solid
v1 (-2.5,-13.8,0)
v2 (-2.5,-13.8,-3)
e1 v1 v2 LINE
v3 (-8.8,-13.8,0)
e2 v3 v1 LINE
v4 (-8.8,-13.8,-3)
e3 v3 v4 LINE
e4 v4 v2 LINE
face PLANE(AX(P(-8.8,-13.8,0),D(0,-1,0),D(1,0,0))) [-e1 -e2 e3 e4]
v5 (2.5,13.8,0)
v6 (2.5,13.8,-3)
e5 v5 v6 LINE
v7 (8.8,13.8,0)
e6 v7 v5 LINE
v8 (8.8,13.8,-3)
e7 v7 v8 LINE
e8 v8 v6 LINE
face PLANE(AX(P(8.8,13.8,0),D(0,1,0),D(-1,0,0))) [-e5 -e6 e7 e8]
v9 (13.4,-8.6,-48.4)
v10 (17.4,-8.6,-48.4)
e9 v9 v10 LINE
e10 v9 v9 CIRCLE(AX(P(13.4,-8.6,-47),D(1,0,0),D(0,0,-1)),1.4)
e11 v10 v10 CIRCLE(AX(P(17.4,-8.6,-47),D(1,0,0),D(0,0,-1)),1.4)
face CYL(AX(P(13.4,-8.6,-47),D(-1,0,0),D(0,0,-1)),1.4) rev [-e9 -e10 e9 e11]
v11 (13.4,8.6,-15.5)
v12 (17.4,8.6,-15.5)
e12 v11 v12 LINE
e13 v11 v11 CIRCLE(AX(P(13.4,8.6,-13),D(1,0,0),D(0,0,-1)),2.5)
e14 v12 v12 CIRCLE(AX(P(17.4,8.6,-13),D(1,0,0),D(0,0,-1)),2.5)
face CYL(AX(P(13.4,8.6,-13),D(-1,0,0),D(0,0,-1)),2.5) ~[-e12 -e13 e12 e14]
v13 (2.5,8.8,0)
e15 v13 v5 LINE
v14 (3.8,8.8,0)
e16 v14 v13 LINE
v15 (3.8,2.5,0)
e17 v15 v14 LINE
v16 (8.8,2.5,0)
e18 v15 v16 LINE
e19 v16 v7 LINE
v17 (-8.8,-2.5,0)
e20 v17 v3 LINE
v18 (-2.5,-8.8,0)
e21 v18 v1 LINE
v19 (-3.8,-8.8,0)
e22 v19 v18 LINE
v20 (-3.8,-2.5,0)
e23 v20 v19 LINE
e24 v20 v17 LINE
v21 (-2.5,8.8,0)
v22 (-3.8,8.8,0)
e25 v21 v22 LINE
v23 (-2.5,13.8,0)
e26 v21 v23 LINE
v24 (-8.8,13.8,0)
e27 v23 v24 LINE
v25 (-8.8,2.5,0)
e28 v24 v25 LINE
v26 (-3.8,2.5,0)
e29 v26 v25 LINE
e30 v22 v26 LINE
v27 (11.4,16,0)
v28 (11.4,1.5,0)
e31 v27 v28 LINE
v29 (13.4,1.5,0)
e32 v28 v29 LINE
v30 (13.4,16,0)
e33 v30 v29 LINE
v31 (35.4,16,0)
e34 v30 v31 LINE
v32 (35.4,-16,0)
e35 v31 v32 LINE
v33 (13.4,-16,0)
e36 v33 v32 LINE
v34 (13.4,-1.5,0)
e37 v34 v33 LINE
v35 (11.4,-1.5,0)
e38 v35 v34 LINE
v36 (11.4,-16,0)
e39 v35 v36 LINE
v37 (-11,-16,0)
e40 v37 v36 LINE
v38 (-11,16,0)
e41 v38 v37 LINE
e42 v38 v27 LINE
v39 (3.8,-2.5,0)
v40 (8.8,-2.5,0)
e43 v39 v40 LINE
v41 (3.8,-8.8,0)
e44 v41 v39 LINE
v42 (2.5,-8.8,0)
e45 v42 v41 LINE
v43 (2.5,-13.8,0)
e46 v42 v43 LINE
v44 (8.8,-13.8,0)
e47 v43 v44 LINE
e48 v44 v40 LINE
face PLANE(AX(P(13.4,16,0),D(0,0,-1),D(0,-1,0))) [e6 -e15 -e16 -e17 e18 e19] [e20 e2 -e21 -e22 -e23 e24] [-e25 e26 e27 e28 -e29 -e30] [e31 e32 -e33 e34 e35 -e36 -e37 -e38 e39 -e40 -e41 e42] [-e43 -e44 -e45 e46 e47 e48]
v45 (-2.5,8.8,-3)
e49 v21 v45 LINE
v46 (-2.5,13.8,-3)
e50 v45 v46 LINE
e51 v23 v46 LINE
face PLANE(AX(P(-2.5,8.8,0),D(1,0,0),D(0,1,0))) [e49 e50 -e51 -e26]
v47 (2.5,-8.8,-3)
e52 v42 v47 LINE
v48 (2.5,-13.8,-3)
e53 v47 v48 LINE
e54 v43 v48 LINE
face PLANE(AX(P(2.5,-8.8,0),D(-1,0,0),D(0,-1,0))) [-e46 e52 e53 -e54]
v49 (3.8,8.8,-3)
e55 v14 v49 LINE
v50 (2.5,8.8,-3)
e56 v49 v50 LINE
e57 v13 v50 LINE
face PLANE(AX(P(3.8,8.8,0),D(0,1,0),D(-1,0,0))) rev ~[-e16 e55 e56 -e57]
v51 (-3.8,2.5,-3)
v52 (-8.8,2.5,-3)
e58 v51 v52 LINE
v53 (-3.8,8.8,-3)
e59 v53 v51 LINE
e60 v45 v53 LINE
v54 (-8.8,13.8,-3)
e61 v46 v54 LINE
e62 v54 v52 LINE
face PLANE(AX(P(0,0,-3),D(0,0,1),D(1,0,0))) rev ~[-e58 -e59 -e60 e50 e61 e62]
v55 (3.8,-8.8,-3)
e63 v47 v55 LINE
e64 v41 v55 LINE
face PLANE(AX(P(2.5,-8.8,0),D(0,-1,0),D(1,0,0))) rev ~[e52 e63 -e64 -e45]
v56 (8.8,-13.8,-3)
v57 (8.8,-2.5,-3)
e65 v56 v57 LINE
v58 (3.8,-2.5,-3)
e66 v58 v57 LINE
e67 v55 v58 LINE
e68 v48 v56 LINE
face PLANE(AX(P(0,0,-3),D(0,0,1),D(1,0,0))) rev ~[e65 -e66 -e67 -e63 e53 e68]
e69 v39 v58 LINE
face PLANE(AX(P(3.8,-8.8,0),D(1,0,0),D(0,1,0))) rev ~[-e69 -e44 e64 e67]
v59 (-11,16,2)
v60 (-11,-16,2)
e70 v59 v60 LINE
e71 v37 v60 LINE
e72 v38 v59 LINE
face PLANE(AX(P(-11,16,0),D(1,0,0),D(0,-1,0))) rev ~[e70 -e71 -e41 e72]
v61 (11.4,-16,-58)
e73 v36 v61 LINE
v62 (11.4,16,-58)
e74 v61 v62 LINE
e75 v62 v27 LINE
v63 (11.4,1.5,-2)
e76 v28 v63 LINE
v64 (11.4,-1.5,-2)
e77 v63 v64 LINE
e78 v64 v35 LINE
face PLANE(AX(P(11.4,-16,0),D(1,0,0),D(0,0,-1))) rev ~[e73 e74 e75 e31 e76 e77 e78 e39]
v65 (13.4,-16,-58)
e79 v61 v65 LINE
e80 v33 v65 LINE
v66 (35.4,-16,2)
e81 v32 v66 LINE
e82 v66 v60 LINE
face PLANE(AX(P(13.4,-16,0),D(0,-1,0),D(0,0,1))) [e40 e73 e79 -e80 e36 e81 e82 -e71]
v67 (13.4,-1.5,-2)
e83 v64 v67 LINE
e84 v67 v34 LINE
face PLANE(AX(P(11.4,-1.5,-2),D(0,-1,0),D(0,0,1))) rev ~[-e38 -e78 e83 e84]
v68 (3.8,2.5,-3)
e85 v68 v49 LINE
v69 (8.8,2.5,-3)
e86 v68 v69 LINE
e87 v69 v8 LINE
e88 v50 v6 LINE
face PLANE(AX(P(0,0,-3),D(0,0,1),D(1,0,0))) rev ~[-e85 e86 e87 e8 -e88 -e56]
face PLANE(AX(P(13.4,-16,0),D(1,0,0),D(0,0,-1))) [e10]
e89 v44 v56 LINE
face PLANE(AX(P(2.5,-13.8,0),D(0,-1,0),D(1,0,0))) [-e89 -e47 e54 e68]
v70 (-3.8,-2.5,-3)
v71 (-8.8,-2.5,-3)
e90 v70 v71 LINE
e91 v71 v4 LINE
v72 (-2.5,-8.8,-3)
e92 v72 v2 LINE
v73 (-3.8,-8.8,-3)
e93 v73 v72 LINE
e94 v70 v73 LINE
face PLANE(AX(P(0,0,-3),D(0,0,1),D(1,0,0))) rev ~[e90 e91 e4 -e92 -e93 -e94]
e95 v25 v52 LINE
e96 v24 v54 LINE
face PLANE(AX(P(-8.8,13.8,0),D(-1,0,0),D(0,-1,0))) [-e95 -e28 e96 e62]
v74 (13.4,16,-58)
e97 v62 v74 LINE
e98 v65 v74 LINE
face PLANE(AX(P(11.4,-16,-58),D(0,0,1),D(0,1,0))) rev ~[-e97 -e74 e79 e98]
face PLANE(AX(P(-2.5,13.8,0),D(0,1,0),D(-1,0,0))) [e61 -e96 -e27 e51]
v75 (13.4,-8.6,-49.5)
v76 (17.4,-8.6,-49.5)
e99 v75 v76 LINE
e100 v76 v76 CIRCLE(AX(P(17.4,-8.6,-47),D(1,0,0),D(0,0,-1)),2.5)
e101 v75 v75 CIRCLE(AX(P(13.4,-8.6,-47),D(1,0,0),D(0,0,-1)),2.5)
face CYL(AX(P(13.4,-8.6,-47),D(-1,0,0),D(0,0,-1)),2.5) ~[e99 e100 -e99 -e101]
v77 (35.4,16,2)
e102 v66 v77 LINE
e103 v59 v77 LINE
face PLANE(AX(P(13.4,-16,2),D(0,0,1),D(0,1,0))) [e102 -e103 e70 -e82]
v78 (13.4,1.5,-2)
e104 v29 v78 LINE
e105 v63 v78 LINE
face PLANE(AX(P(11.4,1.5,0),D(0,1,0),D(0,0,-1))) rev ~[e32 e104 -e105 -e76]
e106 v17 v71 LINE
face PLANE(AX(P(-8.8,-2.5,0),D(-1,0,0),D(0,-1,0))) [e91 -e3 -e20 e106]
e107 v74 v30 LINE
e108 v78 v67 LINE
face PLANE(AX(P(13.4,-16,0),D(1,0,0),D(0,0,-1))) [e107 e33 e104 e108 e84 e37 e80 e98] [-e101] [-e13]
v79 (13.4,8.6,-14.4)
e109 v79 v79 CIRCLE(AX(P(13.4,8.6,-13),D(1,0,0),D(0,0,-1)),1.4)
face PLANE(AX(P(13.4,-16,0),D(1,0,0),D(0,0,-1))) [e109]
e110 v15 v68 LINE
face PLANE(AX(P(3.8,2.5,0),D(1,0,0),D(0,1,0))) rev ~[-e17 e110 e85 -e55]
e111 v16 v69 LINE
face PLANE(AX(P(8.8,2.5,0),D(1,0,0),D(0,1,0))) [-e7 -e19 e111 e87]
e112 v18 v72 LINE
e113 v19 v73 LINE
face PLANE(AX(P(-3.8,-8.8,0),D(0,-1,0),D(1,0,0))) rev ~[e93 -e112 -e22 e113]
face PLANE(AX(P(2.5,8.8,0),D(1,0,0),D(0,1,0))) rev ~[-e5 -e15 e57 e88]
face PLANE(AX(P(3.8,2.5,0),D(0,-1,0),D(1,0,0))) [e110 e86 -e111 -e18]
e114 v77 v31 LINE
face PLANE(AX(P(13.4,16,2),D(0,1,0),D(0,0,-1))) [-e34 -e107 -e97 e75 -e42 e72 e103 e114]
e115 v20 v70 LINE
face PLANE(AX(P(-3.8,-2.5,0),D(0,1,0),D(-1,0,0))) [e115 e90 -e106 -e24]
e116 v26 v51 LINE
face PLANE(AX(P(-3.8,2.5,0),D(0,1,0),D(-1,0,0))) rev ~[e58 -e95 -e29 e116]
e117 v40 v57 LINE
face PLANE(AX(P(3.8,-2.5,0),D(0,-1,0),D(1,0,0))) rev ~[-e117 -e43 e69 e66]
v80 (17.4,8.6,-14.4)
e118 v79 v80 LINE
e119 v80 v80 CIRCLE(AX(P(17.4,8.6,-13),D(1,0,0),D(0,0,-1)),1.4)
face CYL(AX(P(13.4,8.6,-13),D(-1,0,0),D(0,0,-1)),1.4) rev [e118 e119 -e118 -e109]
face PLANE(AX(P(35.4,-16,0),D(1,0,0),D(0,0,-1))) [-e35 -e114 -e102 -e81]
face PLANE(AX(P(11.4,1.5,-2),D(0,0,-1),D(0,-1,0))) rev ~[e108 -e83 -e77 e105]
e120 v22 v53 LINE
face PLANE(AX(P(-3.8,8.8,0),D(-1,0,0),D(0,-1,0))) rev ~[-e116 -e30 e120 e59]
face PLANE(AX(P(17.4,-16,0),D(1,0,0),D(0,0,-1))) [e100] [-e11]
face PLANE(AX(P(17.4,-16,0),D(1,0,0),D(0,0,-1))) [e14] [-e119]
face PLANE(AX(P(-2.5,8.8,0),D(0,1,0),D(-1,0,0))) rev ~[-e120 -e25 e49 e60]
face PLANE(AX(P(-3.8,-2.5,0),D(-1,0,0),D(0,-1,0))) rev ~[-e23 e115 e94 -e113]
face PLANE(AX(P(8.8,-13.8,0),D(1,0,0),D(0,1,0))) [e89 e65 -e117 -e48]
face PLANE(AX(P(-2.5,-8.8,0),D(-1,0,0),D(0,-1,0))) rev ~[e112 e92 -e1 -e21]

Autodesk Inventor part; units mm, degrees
ref_plane "YZ Plane" through (0, 0, 0) normal (1, 0, 0) x (0, 1, 0)
ref_plane "XZ Plane" through (0, 0, 0) normal (0, 1, 0) x (-1, 0, 0)
ref_plane "XY Plane" through (0, 0, 0) normal (0, 0, 1) x (1, 0, 0)
sketch "Sketch1" plane through (0, 0, 0) normal (0, 0, 1) x (1, 0, 0)
  line L0 (8.8, 13.8) -> (-8.8, 13.8)
  line L1 (-8.8, 13.8) -> (-8.8, -13.8)
  line L2 (-8.8, -13.8) -> (8.8, -13.8)
  line L3 (8.8, -13.8) -> (8.8, 13.8)
  line L4 (8.8, 13.8) -> (-8.8, -13.8) construction
  line L5 (-8.8, 13.8) -> (8.8, -13.8) construction
  line L6 (8.8, 0) -> (-8.8, 0) construction
  line L7 (2.5, -13.8) -> (-2.5, -13.8)
  line L8 (-2.5, -8.8) -> (2.5, -8.8)
  line L9 (2.5, -8.8) -> (2.5, -13.8)
  line L10 (2.5, -13.8) -> (-2.5, -8.8) construction
  line L11 (-2.5, -13.8) -> (2.5, -8.8) construction
  line L12 (-2.5, -8.8) -> (-2.5, -13.8)
  line L13 (3.8, -2.5) -> (8.8, -2.5)
  line L14 (3.8, 8.8) -> (-3.8, 8.8)
  line L15 (-3.8, 8.8) -> (-3.8, -8.8)
  line L16 (-3.8, -8.8) -> (3.8, -8.8)
  line L17 (3.8, -8.8) -> (3.8, 8.8)
  line L18 (3.8, 8.8) -> (-3.8, -8.8) construction
  line L19 (-3.8, 8.8) -> (3.8, -8.8) construction
  line L20 (-3.8, -2.5) -> (-8.8, -2.5)
  line L21 (2.5, 13.8) -> (-2.5, 13.8)
  line L22 (-2.5, 8.8) -> (2.5, 8.8)
  line L23 (2.5, 8.8) -> (2.5, 13.8)
  line L24 (2.5, 13.8) -> (-2.5, 8.8) construction
  line L25 (-2.5, 13.8) -> (2.5, 8.8) construction
  line L26 (-2.5, 8.8) -> (-2.5, 13.8)
  line L27 (3.8, 2.5) -> (8.8, 2.5)
  line L28 (-3.8, 2.5) -> (-8.8, 2.5)
  point P0 (0, 0)
  dimension "d0" = 17.6
  dimension "d1" = 27.6
  dimension "d5" = 5
  dimension "d7" = 7.6
  dimension "d8" = 17.6
extrude "Extrusion1" add sketch "Sketch1" against normal blind 3 contours L3 L27 L17 L14 L23 L0 | L26 L14 L15 L28 L1 L0 | L3 L2 L9 L16 L17 L13 | L20 L15 L16 L12 L2 L1
sketch "Sketch2" plane through (0, 0, 0) normal (0, 0, 1) x (1, 0, 0)
  line L0 (11, 16) -> (-11, 16)
  line L1 (-11, 16) -> (-11, -16)
  line L2 (-11, -16) -> (11, -16)
  line L3 (11, -16) -> (11, 16)
  line L4 (11, 16) -> (-11, -16) construction
  line L5 (-11, 16) -> (11, -16) construction
  line L6 (11, 16) -> (11.4, 16)
  line L7 (11.4, 16) -> (11.4, -16)
  line L8 (11.4, -16) -> (11, -16)
  line L9 (11, -16) -> (11, 16)
  point P0 (0, 0)
  dimension "d11" = 22
  dimension "d12" = 32
  dimension "d18" = 0.4
extrude "Extrusion2" add sketch "Sketch2" along normal blind 2
sketch "Sketch3" plane through (11.4, -16, 0) normal (1, 0, 0) x (0, 0, -1)
  line L0 (-2, 32) -> (-2, 0) projected
  line L1 (-2, 0) -> (58, 0)
  line L2 (58, 0) -> (58, 32)
  line L3 (58, 32) -> (-2, 32)
  line L4 (-2, 32) -> (-2, 0)
  point P0 (0, 16)
  dimension "d15" = 60
extrude "Extrusion3" add sketch "Sketch3" along normal blind 2
sketch "Sketch5" plane through (11.4, -16, 0) normal (-1, 0, 0) x (0, 0, 1)
  line L0 (-2, 14.5) -> (0, 14.5)
  line L1 (0, 14.5) -> (0, 17.5)
  line L2 (0, 17.5) -> (-2, 17.5)
  line L3 (-2, 17.5) -> (-2, 14.5)
  point P0 (0, 16)
  point P1 (0, 16)
  dimension "d19" = 2
  dimension "d20" = 3
extrude "Extrusion4" cut sketch "Sketch5" against normal up to surface (2 mm away)
sketch "Sketch6" plane through (13.4, -16, 0) normal (1, 0, 0) x (0, 0, -1)
  line L0 (0, 32) -> (0, 0) projected
  line L1 (-2, 32) -> (0, 32)
  line L2 (0, 32) -> (0, 0)
  line L3 (0, 0) -> (-2, 0)
  line L4 (-2, 0) -> (-2, 32)
  point P0 (0, 16)
extrude "Extrusion5" add sketch "Sketch6" along normal blind 22
sketch "Sketch7" plane through (13.4, -16, 0) normal (1, 0, 0) x (0, 0, -1)
  line L0 (0, 0) -> (58, 0) projected
  line L1 (58, 0) -> (58, 32) projected
  line L2 (58, 32) -> (0, 32) projected
  line L3 (54.5, 28) -> (5.5, 28) construction
  line L4 (5.5, 28) -> (5.5, 4) construction
  line L5 (5.5, 4) -> (54.5, 4) construction
  line L6 (54.5, 4) -> (54.5, 28) construction
  line L7 (54.5, 28) -> (5.5, 4) construction
  line L8 (5.5, 28) -> (54.5, 4) construction
  circle A0 centre (47, 7.4) radius 2.5
  circle A1 centre (47, 7.4) radius 1.4
  circle A2 centre (13, 24.6) radius 2.5
  circle A3 centre (13, 24.6) radius 1.4
  line L9 (0, 0) -> (58, 0) projected
  line L10 (58, 0) -> (58, 32) projected
  line L11 (2, 0) -> (58, 32) construction
  point P0 (30, 16)
  point P1 (30, 16)
  dimension "d37" = 49
  dimension "d38" = 24
  dimension "d39" = 5
  dimension "d40" = 2.8
  dimension "d41" = 5
  dimension "d42" = 2.8
  dimension "d43" = 3.4
  dimension "d44" = 7.5
  dimension "d45" = 3.4
  dimension "d46" = 7.5
extrude "Extrusion6" add sketch "Sketch7" along normal blind 4
properties part number "prototype_5_testPart1_3DPrint"
